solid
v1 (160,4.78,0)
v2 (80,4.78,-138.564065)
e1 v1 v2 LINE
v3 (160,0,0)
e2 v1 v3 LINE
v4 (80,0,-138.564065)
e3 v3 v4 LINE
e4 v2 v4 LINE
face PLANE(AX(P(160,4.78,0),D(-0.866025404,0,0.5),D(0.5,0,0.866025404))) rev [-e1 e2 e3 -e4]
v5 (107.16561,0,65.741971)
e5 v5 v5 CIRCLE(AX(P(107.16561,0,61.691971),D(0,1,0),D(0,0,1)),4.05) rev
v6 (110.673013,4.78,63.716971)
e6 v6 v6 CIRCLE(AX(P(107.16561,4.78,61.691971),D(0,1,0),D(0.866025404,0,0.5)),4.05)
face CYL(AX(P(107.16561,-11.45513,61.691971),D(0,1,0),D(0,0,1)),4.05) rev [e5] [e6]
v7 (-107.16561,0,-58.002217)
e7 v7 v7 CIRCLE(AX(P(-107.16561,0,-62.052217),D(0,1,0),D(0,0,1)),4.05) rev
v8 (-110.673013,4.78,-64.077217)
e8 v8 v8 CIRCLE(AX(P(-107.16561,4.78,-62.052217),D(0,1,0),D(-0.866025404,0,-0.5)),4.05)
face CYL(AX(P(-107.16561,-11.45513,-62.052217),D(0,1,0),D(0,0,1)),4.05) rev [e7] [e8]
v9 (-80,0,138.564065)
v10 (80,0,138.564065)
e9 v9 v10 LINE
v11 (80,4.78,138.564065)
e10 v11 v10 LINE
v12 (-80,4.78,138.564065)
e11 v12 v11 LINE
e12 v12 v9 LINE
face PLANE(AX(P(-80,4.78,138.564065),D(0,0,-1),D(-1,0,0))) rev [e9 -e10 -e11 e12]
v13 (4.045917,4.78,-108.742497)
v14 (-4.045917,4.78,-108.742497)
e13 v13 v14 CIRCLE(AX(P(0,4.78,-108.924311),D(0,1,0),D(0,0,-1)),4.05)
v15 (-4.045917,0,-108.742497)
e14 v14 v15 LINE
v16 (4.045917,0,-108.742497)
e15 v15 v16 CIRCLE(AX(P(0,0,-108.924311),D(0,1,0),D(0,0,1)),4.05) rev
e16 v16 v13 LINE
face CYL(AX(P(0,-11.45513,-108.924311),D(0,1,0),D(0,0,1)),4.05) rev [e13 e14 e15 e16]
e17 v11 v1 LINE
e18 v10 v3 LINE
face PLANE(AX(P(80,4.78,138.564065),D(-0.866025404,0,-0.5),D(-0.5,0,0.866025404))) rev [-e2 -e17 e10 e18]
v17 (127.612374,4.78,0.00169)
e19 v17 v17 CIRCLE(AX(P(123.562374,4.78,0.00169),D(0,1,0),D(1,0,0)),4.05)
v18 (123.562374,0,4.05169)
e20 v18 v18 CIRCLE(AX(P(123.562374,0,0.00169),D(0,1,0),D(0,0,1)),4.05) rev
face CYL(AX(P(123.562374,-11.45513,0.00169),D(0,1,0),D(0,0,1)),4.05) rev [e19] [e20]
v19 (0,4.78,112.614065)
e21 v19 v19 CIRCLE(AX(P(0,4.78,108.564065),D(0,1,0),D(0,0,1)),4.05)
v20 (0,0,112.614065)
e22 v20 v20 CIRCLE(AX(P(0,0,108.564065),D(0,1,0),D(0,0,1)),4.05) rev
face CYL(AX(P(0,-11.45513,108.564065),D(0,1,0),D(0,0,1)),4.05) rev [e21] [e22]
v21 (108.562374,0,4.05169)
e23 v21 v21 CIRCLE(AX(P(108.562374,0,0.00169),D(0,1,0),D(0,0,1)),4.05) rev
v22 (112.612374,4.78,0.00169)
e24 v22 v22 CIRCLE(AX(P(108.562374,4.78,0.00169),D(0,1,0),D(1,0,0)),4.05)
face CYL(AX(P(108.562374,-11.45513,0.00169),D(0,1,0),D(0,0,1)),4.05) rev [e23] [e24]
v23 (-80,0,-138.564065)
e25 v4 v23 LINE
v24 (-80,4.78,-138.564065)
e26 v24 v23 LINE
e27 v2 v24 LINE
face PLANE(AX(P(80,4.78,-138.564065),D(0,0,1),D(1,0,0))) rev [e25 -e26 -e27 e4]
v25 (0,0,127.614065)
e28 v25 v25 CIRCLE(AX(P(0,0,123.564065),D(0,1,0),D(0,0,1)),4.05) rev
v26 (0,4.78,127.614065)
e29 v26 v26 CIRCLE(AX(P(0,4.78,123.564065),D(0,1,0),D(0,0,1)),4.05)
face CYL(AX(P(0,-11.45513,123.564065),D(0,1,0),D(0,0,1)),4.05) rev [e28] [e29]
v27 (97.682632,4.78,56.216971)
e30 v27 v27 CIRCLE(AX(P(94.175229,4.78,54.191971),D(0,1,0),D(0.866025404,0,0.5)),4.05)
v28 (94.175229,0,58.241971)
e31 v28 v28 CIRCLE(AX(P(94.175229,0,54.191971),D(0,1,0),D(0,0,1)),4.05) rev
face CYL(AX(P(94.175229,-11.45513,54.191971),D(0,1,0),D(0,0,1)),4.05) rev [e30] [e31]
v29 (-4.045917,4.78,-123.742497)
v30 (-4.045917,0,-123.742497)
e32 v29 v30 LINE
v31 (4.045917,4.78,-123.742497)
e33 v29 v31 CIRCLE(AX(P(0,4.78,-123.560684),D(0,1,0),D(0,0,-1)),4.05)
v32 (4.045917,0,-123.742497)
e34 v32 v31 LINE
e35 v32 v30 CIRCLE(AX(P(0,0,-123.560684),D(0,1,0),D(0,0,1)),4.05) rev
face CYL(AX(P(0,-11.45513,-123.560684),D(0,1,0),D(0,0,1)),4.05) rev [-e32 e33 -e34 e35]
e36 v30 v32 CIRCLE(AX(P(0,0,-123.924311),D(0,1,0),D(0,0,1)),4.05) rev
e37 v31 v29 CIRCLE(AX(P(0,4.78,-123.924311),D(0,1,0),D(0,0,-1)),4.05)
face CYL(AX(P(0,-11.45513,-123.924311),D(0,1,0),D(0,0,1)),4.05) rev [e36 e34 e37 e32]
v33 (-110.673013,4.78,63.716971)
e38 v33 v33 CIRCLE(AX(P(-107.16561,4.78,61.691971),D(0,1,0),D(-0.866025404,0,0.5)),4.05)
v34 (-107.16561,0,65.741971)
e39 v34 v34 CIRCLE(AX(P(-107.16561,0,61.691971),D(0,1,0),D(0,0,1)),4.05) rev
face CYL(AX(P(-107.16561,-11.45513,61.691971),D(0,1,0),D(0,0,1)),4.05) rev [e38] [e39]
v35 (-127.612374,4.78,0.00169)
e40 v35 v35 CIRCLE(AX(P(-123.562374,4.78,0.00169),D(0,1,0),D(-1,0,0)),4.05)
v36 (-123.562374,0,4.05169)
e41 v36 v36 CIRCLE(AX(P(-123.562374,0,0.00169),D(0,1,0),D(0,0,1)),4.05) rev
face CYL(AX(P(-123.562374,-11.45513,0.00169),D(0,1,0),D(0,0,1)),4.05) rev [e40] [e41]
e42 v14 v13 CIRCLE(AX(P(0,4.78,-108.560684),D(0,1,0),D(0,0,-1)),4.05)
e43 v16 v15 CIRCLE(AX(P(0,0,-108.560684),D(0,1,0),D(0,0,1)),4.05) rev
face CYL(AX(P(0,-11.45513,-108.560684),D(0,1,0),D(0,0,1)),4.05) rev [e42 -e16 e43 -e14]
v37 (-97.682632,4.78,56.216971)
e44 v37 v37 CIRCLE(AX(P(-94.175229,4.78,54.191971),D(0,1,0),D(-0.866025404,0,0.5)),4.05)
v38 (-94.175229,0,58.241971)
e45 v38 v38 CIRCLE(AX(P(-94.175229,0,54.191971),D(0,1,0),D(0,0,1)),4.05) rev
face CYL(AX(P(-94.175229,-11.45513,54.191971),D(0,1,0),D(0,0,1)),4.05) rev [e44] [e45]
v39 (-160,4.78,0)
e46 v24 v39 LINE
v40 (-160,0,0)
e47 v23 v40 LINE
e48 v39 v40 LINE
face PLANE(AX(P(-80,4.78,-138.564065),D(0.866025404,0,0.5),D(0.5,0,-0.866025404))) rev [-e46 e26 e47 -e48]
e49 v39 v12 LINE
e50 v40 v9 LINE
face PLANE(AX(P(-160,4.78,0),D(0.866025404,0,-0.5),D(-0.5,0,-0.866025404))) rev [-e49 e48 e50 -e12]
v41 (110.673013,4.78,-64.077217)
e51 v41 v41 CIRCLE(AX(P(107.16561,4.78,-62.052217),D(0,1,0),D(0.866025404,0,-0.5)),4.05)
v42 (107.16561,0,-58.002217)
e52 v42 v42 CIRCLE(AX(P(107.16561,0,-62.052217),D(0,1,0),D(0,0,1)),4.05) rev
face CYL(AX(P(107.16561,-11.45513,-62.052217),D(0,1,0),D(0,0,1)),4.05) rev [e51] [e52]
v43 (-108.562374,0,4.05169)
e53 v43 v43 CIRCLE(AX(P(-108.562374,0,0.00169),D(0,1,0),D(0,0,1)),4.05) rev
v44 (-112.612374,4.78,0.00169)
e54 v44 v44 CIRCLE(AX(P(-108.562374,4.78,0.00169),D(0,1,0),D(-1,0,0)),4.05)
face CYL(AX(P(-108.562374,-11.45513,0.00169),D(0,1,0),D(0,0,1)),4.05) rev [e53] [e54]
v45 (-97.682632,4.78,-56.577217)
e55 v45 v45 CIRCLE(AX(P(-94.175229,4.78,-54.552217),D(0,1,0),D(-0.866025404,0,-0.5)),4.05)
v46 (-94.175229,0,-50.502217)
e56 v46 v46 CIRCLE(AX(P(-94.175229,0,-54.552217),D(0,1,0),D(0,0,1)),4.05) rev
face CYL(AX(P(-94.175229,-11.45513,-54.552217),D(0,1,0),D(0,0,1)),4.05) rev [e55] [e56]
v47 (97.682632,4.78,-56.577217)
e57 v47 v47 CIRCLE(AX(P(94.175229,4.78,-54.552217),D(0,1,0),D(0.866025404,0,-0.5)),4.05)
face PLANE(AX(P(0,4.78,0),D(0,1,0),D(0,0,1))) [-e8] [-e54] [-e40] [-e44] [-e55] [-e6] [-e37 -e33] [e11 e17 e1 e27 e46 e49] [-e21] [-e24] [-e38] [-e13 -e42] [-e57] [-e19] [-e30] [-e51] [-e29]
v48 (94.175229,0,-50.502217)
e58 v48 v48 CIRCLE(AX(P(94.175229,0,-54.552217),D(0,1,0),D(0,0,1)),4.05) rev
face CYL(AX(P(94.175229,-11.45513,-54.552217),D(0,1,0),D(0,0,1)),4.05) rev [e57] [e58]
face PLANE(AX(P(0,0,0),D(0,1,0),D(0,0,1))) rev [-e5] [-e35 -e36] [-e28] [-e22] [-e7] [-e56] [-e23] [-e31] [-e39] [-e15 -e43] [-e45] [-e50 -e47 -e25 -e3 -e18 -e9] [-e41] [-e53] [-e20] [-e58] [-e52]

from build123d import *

# Parameters (mm, degrees)
BOSS_EXTRUDE1_DEPTH = 4.78
SKETCH2_R           = 4.05
CUT_EXTRUDE1_DEPTH  = 4.78
CIRPATTERN1_COUNT   = 6
CIRPATTERN2_COUNT   = 4


with BuildPart() as part:
    # Sketch1 → Boss-Extrude1 (new body)
    with BuildSketch(Plane(origin=(0, 0, 0), x_dir=(1, 0, 0), z_dir=(0, 1, 0))):
        Polygon((160, 0), (80, 138.564064606), (-80, 138.564064606), (-160, 0), (-80, -138.564064606), (80, -138.564064606), align=None)
    extrude(amount=BOSS_EXTRUDE1_DEPTH)

    # Sketch2 → Cut-Extrude1 (cut)
    with BuildSketch(Plane(origin=(0, 4.78, 0), x_dir=(1, 0, 0), z_dir=(0, 1, 0))):
        with Locations(Location((0, -123.564064606, 0), (0, 0, 270))):
            Circle(SKETCH2_R)
        with Locations(Location((0, -108.564064606, 0), (0, 0, 270))):
            Circle(SKETCH2_R)
    cut_extrude1 = extrude(amount=-CUT_EXTRUDE1_DEPTH, mode=Mode.SUBTRACT)

    # CirPattern1: Cut-Extrude1 ×6 about axis
    cirpattern1_axis = Axis((0, 0, -0.180123057), (0, 1, 0))
    for i in range(1, CIRPATTERN1_COUNT):
        add(cut_extrude1.rotate(cirpattern1_axis, i * 360 / CIRPATTERN1_COUNT), mode=Mode.SUBTRACT)

    # CirPattern2: Cut-Extrude1 ×4 about axis
    cirpattern2_axis = Axis((0, 0, 0.001690344), (0, 1, 0))
    for i in range(1, CIRPATTERN2_COUNT):
        add(cut_extrude1.rotate(cirpattern2_axis, i * 360 / CIRPATTERN2_COUNT), mode=Mode.SUBTRACT)


solid = part.part
